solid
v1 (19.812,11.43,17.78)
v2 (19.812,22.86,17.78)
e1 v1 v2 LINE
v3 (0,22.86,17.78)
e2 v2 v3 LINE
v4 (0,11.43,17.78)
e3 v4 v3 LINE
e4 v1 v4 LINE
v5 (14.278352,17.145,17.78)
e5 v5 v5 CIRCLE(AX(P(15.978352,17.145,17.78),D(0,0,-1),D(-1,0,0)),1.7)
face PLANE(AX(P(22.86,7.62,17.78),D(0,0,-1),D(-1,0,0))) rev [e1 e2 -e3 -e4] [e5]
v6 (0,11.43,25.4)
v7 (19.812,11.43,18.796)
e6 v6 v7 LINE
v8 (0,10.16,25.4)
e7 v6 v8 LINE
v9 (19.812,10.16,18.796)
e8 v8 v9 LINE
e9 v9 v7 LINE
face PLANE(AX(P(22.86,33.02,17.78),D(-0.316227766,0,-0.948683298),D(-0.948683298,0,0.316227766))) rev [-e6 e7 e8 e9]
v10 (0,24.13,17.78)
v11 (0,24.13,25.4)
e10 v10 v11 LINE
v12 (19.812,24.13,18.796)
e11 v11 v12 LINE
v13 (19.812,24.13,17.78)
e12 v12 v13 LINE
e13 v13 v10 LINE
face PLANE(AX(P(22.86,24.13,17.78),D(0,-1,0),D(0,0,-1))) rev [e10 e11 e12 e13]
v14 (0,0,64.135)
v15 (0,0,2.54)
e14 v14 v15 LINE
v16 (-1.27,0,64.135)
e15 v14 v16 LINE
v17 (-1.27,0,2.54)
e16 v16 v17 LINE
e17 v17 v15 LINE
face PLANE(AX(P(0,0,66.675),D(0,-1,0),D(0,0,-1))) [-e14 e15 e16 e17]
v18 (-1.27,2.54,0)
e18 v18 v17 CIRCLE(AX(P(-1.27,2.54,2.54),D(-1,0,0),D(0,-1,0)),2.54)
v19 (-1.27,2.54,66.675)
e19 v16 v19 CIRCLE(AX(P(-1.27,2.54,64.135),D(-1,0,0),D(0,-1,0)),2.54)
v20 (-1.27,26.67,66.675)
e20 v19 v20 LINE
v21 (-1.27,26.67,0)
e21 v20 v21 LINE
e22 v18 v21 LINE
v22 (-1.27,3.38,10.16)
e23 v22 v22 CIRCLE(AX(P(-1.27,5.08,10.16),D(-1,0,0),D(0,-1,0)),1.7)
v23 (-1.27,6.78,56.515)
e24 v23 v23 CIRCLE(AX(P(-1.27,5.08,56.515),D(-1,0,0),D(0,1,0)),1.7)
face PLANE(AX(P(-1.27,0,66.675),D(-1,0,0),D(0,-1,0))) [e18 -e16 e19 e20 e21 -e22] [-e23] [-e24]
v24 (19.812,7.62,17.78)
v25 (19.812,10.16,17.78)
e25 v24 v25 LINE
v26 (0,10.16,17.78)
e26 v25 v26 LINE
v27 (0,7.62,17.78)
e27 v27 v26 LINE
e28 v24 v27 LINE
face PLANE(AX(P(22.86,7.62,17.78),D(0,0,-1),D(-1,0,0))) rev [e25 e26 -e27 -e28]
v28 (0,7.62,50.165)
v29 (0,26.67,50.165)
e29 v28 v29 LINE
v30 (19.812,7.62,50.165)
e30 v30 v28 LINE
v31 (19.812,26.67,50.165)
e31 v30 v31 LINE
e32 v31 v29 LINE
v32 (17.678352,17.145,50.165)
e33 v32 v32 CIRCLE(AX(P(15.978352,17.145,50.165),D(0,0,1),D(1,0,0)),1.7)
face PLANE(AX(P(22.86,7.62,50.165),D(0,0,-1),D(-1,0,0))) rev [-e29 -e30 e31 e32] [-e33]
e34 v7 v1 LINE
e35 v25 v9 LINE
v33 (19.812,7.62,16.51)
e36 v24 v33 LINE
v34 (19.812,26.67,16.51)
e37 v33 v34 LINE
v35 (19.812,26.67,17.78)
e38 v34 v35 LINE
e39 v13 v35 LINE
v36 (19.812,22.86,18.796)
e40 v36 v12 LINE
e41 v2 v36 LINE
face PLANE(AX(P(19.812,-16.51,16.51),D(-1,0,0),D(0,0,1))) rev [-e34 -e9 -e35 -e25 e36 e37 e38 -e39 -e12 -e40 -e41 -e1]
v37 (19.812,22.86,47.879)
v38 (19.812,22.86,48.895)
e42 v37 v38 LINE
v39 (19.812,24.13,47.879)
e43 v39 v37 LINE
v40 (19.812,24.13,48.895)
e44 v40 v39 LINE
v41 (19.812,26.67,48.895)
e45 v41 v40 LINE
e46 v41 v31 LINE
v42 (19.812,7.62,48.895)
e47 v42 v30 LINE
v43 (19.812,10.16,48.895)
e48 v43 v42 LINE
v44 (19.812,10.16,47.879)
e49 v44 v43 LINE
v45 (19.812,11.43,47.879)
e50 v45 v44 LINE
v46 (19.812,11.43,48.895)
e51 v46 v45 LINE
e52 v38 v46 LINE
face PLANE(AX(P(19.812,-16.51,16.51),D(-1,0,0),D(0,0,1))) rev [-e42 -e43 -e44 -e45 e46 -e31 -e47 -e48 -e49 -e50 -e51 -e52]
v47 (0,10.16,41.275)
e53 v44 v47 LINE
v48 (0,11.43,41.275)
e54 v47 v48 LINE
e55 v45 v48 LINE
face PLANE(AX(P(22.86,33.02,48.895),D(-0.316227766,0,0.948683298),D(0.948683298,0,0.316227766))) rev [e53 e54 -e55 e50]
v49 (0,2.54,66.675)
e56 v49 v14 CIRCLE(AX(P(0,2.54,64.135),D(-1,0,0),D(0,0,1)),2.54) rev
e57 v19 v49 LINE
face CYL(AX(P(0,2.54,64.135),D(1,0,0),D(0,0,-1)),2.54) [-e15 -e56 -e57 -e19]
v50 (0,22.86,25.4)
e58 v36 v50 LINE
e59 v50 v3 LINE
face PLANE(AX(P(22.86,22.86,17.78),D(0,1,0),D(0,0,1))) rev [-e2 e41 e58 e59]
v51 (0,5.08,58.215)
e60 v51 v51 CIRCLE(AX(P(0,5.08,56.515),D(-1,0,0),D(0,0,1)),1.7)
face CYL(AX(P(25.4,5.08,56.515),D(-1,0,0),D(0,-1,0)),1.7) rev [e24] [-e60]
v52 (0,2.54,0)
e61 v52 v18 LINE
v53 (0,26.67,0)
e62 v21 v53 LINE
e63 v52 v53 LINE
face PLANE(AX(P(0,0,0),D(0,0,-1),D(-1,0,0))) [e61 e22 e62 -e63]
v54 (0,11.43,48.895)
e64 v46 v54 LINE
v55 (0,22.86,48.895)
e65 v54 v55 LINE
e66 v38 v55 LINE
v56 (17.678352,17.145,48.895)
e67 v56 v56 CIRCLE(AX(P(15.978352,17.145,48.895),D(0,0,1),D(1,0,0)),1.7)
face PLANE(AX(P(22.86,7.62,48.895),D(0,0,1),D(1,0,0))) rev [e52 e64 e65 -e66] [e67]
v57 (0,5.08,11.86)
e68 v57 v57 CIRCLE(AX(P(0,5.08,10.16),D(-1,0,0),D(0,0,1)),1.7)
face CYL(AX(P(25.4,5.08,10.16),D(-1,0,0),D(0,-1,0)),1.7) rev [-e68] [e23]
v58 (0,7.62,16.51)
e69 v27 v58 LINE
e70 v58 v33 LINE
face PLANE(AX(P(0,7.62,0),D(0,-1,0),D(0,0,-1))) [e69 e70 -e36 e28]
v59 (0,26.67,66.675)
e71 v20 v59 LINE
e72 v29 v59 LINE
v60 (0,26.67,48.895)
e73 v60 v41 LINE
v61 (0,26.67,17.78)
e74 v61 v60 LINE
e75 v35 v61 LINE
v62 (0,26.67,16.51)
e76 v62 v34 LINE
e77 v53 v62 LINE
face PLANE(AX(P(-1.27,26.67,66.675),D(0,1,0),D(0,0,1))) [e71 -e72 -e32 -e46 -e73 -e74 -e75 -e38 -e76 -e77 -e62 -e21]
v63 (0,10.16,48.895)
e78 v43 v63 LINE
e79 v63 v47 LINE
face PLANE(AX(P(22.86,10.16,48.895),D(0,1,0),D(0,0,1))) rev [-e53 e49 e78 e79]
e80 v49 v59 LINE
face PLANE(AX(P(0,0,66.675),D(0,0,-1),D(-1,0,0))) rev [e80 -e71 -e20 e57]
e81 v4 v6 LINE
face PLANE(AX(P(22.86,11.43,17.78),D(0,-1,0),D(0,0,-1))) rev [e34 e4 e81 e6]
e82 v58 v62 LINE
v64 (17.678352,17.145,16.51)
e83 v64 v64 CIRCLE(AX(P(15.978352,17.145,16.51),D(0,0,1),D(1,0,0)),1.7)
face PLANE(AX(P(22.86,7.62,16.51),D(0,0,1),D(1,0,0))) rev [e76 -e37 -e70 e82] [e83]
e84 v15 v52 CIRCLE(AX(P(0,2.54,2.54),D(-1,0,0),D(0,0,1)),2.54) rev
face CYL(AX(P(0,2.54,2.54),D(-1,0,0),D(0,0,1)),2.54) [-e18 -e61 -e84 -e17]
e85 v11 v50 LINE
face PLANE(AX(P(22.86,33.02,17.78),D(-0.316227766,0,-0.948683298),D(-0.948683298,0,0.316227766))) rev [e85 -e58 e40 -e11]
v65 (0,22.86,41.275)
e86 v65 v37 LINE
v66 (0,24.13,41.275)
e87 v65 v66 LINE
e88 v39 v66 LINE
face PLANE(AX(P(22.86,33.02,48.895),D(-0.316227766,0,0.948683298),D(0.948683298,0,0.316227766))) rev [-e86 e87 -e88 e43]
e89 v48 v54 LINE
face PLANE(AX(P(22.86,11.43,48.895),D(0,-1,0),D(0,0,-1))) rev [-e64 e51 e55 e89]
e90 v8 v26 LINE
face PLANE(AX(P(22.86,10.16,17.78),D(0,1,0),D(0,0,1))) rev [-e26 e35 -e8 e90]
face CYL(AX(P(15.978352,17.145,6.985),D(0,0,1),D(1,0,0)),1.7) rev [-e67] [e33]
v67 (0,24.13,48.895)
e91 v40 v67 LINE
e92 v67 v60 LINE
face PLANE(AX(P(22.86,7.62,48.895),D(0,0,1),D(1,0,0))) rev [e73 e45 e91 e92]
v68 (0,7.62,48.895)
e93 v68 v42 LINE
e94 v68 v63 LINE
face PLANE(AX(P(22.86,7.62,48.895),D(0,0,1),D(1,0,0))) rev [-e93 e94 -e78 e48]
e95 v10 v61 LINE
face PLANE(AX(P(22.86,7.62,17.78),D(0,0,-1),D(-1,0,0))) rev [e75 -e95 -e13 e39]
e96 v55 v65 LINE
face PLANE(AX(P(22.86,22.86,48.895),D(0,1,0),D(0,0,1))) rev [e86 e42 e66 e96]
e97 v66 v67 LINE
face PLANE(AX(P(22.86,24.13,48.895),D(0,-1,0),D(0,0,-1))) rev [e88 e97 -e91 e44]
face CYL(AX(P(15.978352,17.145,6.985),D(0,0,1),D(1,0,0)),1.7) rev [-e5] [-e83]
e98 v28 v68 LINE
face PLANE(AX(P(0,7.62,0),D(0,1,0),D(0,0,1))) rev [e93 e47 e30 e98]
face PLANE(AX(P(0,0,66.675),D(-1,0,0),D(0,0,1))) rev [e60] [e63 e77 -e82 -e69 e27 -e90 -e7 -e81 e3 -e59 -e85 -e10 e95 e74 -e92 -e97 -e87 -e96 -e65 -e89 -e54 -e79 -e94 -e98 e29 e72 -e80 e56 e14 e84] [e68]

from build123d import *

# Parameters (mm, degrees)
BOSS_EXTRUDE1_DEPTH = 66.675
SKETCH3_R           = 1.7
CUT_EXTRUDE1_DEPTH  = 77.603742892
SKETCH6_R           = 1.7
CUT_EXTRUDE2_DEPTH  = 77.170890273
FILLET1_R           = 2.54
SKETCH8_W           = 22.86
SKETCH8_H           = 1.27
BOSS_EXTRUDE2_DEPTH = 17.78
CUT_EXTRUDE5_DEPTH  = 17.78
SKETCH13_W          = 7.62
SKETCH13_H          = 1.27
BOSS_EXTRUDE3_DEPTH = 22.86
CUT_EXTRUDE6_DEPTH  = 22.86
SKETCH15_R          = 1.7
CUT_EXTRUDE7_DEPTH  = 43.18
SKETCH16_W          = 3.048
SKETCH16_H          = 33.655
CUT_EXTRUDE8_DEPTH  = 43.18


with BuildPart() as part:
    # Sketch2 → Boss-Extrude1 (new body)
    with BuildSketch(Plane.XY):
        Polygon((0, 0), (-1.27, 0), (-1.27, 26.67), (25.4, 26.67), (25.4, 25.4), (0, 25.4), align=None)
    extrude(amount=BOSS_EXTRUDE1_DEPTH)

    # Sketch3 → Cut-Extrude1 (cut, through all)
    with BuildSketch(Plane.ZY.offset(1.27)):
        with Locations(Location((10.16, 5.08, 0), (0, 0, 270))):
            Circle(SKETCH3_R)
        with Locations((56.515, 5.08)):
            Circle(SKETCH3_R)
    extrude(amount=-CUT_EXTRUDE1_DEPTH, mode=Mode.SUBTRACT)

    # Sketch6 → Cut-Extrude2 (cut, through all)
    with BuildSketch(Plane(origin=(0, 26.67, 0), x_dir=(1, 0, 0), z_dir=(0, 1, 0))):
        with Locations(Location((20.32, -10.16, 0), (0, 0, 270))):
            Circle(SKETCH6_R)
        with Locations(Location((20.32, -56.515, 0), (0, 0, 270))):
            Circle(SKETCH6_R)
    extrude(amount=-CUT_EXTRUDE2_DEPTH, mode=Mode.SUBTRACT)

    # Fillet1
    fillet1_edges = [part.edges().sort_by_distance(p)[0] for p in [
        (25.4, 26.035, 66.675),
        (-0.635, 0, 66.675),
        (25.4, 26.035, 0),
        (-0.635, 0, 0),
    ]]
    fillet(fillet1_edges, radius=FILLET1_R)

    # Sketch8 → Boss-Extrude2 (add)
    with BuildSketch(Plane.XZ.offset(-25.4)):
        with Locations((11.43, 49.53)):
            Rectangle(SKETCH8_W, SKETCH8_H)
        with Locations((11.43, 17.145)):
            Rectangle(SKETCH8_W, SKETCH8_H)
    extrude(amount=BOSS_EXTRUDE2_DEPTH)

    # Sketch12 → Cut-Extrude5 (cut)
    with BuildSketch(Plane.XZ.offset(-25.4)):
        Polygon((0, 50.165), (22.86, 50.165), (22.86, 48.895), (0, 48.895), (0, 17.78), (22.86, 17.78), (22.86, 16.51), (0, 16.51), (0, 0), (31.875752577, 0), (31.875752577, 66.675), (0, 66.675), align=None)
    extrude(amount=-CUT_EXTRUDE5_DEPTH, mode=Mode.SUBTRACT)

    # Sketch13 → Boss-Extrude3 (add)
    with BuildSketch(Plane(origin=(0, 0, 0), x_dir=(0, 0, -1), z_dir=(1, 0, 0))):
        with Locations((-45.085, 10.795)):
            Rectangle(SKETCH13_W, SKETCH13_H)
        with Locations((-21.59, 10.795)):
            Rectangle(SKETCH13_W, SKETCH13_H)
        with Locations((-21.59, 23.495)):
            Rectangle(SKETCH13_W, SKETCH13_H)
        with Locations((-45.085, 23.495)):
            Rectangle(SKETCH13_W, SKETCH13_H)
    extrude(amount=BOSS_EXTRUDE3_DEPTH)

    # Sketch14 → Cut-Extrude6 (cut)
    with BuildSketch(Plane.XZ.offset(-10.16)):
        Polygon((0, 41.275), (22.86, 41.275), (22.86, 48.895), align=None)
        Polygon((22.86, 25.4), (22.86, 17.78), (0, 25.4), align=None)
    extrude(amount=-CUT_EXTRUDE6_DEPTH, mode=Mode.SUBTRACT)

    # Sketch15 → Cut-Extrude7 (cut)
    with BuildSketch(Plane.XY.offset(50.165)):
        with Locations((15.978351822, 17.145)):
            Circle(SKETCH15_R)
    extrude(amount=-CUT_EXTRUDE7_DEPTH, mode=Mode.SUBTRACT)

    # Sketch16 → Cut-Extrude8 (cut)
    with BuildSketch(Plane(origin=(0, 26.67, 0), x_dir=(1, 0, 0), z_dir=(0, 1, 0))):
        with Locations((21.336, -33.3375)):
            Rectangle(SKETCH16_W, SKETCH16_H)
    extrude(amount=-CUT_EXTRUDE8_DEPTH, mode=Mode.SUBTRACT)


solid = part.part
